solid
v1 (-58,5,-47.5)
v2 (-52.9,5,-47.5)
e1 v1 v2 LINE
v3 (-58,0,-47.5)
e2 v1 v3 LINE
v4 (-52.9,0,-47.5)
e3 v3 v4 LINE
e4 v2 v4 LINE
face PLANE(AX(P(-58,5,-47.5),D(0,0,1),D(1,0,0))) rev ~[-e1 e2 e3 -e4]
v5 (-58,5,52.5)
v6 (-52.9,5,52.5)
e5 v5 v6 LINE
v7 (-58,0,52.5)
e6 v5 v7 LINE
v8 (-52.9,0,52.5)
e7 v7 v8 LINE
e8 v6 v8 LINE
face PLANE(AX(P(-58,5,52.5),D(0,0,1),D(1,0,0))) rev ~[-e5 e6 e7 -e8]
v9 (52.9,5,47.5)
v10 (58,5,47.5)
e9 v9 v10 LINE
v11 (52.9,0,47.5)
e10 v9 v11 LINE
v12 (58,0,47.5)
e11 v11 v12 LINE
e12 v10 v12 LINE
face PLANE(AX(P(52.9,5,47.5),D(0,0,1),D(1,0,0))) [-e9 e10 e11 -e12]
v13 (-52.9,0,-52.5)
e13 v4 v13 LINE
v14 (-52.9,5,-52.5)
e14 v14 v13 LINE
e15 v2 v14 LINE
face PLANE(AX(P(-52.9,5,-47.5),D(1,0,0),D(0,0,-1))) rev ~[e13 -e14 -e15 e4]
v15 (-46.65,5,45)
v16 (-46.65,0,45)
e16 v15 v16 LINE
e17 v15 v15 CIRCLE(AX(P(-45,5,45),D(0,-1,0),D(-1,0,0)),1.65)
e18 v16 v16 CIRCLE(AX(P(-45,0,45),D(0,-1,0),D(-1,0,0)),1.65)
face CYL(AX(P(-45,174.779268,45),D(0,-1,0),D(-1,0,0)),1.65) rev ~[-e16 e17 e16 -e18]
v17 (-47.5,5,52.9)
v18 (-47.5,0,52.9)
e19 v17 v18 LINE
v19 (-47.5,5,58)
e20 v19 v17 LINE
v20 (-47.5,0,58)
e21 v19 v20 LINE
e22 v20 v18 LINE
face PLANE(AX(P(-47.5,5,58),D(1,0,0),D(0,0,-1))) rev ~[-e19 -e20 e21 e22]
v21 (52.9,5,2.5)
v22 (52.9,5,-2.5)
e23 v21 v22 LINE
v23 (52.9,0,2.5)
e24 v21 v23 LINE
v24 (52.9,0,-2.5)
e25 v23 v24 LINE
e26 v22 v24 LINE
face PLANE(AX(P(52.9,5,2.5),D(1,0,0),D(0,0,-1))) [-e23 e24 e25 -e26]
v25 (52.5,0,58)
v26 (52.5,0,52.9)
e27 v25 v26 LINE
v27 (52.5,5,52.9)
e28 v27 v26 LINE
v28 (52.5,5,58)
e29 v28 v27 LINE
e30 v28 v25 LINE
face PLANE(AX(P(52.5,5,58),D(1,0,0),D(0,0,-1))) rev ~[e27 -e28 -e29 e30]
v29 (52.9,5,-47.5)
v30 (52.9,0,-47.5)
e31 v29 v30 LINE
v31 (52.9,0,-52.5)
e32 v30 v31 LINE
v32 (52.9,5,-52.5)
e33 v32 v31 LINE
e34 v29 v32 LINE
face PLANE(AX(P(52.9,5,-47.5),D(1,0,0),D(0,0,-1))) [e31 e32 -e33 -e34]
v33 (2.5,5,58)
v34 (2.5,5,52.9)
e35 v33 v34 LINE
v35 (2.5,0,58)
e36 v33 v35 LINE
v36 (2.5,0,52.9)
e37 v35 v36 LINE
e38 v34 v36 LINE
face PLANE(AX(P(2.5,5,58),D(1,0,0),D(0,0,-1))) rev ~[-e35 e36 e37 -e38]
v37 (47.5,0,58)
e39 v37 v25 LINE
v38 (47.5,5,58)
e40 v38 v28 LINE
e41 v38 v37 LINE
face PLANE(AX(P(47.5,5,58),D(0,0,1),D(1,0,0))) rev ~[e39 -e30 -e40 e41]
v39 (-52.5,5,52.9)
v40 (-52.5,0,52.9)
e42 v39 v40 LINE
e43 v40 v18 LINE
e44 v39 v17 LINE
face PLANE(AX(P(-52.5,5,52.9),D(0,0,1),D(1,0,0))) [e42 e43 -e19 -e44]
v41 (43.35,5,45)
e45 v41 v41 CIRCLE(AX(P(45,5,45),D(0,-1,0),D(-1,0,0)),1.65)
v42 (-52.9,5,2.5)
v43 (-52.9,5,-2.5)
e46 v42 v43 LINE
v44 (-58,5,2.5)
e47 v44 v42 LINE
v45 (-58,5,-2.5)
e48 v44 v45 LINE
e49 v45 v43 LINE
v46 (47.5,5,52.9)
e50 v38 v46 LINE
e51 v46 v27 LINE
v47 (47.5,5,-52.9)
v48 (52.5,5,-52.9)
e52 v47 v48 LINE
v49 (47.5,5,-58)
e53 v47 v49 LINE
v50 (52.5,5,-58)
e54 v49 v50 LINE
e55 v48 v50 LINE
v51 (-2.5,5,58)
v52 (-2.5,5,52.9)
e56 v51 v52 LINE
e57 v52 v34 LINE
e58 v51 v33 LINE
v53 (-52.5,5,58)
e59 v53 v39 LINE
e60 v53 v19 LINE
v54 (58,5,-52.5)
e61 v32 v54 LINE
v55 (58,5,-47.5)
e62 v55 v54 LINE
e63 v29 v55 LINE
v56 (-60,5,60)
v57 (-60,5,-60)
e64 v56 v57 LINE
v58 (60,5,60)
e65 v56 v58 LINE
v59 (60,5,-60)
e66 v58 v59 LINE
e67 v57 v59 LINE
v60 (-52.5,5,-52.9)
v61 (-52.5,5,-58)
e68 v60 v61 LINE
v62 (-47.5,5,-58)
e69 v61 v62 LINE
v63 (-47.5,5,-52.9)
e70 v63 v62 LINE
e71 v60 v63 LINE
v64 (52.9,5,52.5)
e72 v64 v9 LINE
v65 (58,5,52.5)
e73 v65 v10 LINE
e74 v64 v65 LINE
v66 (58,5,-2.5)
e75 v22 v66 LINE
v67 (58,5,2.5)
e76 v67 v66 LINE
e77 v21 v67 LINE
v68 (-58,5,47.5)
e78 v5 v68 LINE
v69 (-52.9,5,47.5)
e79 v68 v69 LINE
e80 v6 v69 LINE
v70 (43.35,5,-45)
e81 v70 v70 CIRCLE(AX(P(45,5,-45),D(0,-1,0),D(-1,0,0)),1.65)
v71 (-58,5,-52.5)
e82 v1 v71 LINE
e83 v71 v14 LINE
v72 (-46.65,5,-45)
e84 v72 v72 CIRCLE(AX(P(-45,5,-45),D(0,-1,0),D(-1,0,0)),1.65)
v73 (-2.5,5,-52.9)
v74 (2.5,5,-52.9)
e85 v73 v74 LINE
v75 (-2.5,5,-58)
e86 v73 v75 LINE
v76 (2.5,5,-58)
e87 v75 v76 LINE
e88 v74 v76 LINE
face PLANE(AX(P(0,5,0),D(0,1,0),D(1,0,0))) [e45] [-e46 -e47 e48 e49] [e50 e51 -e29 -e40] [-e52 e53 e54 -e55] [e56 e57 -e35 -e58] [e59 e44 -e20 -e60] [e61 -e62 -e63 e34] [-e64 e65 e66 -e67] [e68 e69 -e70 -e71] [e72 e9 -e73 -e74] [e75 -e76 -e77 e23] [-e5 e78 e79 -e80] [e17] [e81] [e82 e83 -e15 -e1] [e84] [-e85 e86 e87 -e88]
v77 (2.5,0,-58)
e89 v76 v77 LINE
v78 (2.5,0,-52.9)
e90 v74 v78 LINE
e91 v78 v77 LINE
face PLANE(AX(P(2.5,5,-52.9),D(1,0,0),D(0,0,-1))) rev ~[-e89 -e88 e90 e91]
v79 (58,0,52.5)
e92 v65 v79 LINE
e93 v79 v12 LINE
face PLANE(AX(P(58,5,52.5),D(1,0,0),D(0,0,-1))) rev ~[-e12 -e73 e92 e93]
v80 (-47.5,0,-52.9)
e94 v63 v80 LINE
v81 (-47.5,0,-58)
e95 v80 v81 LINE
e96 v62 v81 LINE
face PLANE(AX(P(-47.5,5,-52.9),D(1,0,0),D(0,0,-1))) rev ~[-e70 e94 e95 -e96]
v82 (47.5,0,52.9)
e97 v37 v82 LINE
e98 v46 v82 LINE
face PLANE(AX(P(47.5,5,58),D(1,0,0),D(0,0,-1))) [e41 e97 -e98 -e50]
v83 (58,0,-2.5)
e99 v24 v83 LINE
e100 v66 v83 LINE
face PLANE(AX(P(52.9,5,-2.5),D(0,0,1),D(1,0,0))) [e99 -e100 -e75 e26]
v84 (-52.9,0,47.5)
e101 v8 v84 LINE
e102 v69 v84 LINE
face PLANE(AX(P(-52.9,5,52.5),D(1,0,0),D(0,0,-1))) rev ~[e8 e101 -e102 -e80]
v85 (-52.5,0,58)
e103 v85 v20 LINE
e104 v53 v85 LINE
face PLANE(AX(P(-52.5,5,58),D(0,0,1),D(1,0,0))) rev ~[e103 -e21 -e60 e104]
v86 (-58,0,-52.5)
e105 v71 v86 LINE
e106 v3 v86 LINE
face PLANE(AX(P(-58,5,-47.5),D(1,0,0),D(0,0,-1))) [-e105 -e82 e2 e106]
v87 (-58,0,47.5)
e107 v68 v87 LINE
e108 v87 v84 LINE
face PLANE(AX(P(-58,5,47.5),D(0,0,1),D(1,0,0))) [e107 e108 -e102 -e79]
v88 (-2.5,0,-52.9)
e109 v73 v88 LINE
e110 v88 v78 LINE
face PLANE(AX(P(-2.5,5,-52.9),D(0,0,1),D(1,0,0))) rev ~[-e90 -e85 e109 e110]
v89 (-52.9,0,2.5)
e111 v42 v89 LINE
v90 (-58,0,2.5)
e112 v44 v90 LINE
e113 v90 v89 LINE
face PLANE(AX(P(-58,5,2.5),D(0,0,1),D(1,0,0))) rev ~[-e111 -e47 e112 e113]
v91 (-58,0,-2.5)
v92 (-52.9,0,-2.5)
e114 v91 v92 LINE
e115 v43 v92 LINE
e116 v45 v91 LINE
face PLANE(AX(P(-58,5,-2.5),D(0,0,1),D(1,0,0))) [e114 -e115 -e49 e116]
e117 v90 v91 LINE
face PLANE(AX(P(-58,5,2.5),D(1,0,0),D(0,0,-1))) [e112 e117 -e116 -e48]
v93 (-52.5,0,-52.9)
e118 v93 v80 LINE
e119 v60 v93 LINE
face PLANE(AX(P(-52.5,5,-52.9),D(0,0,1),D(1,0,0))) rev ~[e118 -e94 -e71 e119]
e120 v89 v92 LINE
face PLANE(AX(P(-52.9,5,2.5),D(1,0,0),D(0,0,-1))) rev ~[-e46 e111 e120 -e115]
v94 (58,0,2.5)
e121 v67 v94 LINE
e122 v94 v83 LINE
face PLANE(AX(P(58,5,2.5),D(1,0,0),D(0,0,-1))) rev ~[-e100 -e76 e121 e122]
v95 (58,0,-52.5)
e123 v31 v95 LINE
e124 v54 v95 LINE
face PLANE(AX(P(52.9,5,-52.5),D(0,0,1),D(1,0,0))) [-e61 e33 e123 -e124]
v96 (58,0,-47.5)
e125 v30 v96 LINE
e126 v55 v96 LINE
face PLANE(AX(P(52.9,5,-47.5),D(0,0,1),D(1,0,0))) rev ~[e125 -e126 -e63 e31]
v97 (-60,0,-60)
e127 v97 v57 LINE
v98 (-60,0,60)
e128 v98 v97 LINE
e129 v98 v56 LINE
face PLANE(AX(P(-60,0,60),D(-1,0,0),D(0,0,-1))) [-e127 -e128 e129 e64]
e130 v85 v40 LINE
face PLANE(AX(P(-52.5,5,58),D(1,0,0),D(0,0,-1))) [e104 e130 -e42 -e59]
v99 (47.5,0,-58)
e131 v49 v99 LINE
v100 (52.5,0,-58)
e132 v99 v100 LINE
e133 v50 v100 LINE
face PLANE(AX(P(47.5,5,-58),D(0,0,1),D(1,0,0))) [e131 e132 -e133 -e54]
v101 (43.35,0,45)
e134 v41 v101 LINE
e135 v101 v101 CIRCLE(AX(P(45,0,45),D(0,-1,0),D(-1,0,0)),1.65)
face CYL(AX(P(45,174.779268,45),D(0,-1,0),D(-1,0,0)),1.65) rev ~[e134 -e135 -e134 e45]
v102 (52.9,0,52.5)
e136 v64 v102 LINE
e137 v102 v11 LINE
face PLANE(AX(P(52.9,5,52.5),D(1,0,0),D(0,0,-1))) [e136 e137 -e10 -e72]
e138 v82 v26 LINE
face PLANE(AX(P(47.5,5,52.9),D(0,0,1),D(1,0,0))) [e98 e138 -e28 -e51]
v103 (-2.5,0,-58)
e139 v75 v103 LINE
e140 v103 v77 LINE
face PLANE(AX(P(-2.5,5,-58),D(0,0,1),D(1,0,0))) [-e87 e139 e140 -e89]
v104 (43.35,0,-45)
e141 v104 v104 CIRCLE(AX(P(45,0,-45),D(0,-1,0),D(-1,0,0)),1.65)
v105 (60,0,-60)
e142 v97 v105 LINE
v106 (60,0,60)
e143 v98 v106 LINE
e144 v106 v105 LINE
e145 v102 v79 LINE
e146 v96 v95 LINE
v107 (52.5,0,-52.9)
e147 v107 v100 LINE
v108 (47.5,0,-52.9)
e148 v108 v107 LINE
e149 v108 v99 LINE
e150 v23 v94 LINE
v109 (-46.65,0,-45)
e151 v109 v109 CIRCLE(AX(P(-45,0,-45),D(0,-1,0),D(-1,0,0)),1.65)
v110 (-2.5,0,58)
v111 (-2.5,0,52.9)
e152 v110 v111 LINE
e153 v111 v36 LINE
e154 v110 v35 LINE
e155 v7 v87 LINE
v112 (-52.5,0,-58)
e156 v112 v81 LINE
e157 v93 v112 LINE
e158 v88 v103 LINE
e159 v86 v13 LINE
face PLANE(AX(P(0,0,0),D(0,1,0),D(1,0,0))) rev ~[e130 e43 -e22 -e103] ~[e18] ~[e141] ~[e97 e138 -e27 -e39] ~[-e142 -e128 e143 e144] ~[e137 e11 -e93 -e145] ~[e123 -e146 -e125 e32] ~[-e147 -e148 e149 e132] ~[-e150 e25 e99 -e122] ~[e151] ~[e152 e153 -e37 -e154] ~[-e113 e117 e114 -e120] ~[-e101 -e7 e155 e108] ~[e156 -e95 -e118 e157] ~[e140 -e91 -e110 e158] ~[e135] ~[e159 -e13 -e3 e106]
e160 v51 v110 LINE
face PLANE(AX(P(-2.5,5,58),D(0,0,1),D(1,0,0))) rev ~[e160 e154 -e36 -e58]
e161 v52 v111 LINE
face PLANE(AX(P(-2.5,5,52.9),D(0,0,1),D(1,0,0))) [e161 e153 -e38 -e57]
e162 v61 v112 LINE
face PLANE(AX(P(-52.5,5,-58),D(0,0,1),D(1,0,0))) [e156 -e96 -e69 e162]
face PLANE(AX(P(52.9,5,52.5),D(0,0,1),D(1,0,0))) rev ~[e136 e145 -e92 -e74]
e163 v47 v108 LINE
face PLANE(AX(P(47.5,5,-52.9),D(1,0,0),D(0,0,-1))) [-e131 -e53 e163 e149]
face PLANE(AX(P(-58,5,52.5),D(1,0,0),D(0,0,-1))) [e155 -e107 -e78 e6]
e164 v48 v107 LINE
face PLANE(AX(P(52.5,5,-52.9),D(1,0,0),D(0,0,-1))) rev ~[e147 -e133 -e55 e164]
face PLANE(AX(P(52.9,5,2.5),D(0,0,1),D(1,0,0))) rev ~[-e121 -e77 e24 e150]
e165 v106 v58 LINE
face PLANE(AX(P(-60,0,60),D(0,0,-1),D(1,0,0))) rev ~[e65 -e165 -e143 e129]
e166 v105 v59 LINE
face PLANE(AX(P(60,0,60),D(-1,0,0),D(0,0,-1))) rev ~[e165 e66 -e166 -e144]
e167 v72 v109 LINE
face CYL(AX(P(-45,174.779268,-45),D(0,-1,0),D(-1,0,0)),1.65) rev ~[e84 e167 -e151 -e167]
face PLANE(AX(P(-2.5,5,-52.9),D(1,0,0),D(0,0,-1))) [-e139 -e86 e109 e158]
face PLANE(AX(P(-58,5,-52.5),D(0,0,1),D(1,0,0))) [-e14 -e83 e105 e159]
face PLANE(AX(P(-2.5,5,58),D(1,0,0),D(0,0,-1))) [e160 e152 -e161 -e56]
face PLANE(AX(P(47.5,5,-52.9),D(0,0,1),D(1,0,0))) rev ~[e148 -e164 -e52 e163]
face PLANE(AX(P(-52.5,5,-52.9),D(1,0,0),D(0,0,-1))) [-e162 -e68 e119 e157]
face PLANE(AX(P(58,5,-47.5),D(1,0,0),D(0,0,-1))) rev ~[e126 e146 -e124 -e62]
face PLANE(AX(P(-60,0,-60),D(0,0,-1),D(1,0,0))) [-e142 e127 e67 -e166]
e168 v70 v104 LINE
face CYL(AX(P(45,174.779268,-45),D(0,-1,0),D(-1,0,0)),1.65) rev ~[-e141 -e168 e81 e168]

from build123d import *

# Parameters (mm, degrees)
SKETCH1_W                  = 120
SKETCH1_H                  = 120
BOSS_EXTRUDE1_DEPTH        = 5
F_3_3_3_3_DIAMETER_HOLE1_D = 3.3
SKETCH5_W                  = 5.1
SKETCH5_H                  = 5
SKETCH5_W_2                = 5
SKETCH5_H_2                = 5.1
CUT_EXTRUDE1_DEPTH         = 6


with BuildPart() as part:
    # Sketch1 → Boss-Extrude1 (new body)
    with BuildSketch(Plane(origin=(0, 0, 0), x_dir=(1, 0, 0), z_dir=(0, 1, 0))):
        Rectangle(SKETCH1_W, SKETCH1_H)
    extrude(amount=BOSS_EXTRUDE1_DEPTH)

    # Ø3.3 (3.3) Diameter Hole1 (through all)
    with Locations(Plane(origin=(0, 5, 0), x_dir=(1, 0, 0), z_dir=(0, 1, 0))):
        with Locations((-45, 45), (45, 45), (45, -45), (-45, -45)):
            Hole(F_3_3_3_3_DIAMETER_HOLE1_D / 2)

    # Sketch5 → Cut-Extrude1 (cut, through all)
    with BuildSketch(Plane(origin=(0, 5, 0), x_dir=(1, 0, 0), z_dir=(0, 1, 0))):
        with Locations((-55.45, 50)):
            Rectangle(SKETCH5_W, SKETCH5_H)
        with Locations((-55.45, -50)):
            Rectangle(SKETCH5_W, SKETCH5_H)
        with Locations((-50, -55.45)):
            Rectangle(SKETCH5_W_2, SKETCH5_H_2)
        with Locations((50, -55.45)):
            Rectangle(SKETCH5_W_2, SKETCH5_H_2)
        with Locations((-50, 55.45)):
            Rectangle(SKETCH5_W_2, SKETCH5_H_2)
        with Locations((50, 55.45)):
            Rectangle(SKETCH5_W_2, SKETCH5_H_2)
        with Locations((55.45, 50)):
            Rectangle(SKETCH5_W, SKETCH5_H)
        with Locations((55.45, -50)):
            Rectangle(SKETCH5_W, SKETCH5_H)
        with Locations((-55.45, 0)):
            Rectangle(SKETCH5_W, SKETCH5_H)
        with Locations((0, 55.45)):
            Rectangle(SKETCH5_W_2, SKETCH5_H_2)
        with Locations((0, -55.45)):
            Rectangle(SKETCH5_W_2, SKETCH5_H_2)
        with Locations((55.45, 0)):
            Rectangle(SKETCH5_W, SKETCH5_H)
    extrude(amount=-CUT_EXTRUDE1_DEPTH, mode=Mode.SUBTRACT)


solid = part.part
